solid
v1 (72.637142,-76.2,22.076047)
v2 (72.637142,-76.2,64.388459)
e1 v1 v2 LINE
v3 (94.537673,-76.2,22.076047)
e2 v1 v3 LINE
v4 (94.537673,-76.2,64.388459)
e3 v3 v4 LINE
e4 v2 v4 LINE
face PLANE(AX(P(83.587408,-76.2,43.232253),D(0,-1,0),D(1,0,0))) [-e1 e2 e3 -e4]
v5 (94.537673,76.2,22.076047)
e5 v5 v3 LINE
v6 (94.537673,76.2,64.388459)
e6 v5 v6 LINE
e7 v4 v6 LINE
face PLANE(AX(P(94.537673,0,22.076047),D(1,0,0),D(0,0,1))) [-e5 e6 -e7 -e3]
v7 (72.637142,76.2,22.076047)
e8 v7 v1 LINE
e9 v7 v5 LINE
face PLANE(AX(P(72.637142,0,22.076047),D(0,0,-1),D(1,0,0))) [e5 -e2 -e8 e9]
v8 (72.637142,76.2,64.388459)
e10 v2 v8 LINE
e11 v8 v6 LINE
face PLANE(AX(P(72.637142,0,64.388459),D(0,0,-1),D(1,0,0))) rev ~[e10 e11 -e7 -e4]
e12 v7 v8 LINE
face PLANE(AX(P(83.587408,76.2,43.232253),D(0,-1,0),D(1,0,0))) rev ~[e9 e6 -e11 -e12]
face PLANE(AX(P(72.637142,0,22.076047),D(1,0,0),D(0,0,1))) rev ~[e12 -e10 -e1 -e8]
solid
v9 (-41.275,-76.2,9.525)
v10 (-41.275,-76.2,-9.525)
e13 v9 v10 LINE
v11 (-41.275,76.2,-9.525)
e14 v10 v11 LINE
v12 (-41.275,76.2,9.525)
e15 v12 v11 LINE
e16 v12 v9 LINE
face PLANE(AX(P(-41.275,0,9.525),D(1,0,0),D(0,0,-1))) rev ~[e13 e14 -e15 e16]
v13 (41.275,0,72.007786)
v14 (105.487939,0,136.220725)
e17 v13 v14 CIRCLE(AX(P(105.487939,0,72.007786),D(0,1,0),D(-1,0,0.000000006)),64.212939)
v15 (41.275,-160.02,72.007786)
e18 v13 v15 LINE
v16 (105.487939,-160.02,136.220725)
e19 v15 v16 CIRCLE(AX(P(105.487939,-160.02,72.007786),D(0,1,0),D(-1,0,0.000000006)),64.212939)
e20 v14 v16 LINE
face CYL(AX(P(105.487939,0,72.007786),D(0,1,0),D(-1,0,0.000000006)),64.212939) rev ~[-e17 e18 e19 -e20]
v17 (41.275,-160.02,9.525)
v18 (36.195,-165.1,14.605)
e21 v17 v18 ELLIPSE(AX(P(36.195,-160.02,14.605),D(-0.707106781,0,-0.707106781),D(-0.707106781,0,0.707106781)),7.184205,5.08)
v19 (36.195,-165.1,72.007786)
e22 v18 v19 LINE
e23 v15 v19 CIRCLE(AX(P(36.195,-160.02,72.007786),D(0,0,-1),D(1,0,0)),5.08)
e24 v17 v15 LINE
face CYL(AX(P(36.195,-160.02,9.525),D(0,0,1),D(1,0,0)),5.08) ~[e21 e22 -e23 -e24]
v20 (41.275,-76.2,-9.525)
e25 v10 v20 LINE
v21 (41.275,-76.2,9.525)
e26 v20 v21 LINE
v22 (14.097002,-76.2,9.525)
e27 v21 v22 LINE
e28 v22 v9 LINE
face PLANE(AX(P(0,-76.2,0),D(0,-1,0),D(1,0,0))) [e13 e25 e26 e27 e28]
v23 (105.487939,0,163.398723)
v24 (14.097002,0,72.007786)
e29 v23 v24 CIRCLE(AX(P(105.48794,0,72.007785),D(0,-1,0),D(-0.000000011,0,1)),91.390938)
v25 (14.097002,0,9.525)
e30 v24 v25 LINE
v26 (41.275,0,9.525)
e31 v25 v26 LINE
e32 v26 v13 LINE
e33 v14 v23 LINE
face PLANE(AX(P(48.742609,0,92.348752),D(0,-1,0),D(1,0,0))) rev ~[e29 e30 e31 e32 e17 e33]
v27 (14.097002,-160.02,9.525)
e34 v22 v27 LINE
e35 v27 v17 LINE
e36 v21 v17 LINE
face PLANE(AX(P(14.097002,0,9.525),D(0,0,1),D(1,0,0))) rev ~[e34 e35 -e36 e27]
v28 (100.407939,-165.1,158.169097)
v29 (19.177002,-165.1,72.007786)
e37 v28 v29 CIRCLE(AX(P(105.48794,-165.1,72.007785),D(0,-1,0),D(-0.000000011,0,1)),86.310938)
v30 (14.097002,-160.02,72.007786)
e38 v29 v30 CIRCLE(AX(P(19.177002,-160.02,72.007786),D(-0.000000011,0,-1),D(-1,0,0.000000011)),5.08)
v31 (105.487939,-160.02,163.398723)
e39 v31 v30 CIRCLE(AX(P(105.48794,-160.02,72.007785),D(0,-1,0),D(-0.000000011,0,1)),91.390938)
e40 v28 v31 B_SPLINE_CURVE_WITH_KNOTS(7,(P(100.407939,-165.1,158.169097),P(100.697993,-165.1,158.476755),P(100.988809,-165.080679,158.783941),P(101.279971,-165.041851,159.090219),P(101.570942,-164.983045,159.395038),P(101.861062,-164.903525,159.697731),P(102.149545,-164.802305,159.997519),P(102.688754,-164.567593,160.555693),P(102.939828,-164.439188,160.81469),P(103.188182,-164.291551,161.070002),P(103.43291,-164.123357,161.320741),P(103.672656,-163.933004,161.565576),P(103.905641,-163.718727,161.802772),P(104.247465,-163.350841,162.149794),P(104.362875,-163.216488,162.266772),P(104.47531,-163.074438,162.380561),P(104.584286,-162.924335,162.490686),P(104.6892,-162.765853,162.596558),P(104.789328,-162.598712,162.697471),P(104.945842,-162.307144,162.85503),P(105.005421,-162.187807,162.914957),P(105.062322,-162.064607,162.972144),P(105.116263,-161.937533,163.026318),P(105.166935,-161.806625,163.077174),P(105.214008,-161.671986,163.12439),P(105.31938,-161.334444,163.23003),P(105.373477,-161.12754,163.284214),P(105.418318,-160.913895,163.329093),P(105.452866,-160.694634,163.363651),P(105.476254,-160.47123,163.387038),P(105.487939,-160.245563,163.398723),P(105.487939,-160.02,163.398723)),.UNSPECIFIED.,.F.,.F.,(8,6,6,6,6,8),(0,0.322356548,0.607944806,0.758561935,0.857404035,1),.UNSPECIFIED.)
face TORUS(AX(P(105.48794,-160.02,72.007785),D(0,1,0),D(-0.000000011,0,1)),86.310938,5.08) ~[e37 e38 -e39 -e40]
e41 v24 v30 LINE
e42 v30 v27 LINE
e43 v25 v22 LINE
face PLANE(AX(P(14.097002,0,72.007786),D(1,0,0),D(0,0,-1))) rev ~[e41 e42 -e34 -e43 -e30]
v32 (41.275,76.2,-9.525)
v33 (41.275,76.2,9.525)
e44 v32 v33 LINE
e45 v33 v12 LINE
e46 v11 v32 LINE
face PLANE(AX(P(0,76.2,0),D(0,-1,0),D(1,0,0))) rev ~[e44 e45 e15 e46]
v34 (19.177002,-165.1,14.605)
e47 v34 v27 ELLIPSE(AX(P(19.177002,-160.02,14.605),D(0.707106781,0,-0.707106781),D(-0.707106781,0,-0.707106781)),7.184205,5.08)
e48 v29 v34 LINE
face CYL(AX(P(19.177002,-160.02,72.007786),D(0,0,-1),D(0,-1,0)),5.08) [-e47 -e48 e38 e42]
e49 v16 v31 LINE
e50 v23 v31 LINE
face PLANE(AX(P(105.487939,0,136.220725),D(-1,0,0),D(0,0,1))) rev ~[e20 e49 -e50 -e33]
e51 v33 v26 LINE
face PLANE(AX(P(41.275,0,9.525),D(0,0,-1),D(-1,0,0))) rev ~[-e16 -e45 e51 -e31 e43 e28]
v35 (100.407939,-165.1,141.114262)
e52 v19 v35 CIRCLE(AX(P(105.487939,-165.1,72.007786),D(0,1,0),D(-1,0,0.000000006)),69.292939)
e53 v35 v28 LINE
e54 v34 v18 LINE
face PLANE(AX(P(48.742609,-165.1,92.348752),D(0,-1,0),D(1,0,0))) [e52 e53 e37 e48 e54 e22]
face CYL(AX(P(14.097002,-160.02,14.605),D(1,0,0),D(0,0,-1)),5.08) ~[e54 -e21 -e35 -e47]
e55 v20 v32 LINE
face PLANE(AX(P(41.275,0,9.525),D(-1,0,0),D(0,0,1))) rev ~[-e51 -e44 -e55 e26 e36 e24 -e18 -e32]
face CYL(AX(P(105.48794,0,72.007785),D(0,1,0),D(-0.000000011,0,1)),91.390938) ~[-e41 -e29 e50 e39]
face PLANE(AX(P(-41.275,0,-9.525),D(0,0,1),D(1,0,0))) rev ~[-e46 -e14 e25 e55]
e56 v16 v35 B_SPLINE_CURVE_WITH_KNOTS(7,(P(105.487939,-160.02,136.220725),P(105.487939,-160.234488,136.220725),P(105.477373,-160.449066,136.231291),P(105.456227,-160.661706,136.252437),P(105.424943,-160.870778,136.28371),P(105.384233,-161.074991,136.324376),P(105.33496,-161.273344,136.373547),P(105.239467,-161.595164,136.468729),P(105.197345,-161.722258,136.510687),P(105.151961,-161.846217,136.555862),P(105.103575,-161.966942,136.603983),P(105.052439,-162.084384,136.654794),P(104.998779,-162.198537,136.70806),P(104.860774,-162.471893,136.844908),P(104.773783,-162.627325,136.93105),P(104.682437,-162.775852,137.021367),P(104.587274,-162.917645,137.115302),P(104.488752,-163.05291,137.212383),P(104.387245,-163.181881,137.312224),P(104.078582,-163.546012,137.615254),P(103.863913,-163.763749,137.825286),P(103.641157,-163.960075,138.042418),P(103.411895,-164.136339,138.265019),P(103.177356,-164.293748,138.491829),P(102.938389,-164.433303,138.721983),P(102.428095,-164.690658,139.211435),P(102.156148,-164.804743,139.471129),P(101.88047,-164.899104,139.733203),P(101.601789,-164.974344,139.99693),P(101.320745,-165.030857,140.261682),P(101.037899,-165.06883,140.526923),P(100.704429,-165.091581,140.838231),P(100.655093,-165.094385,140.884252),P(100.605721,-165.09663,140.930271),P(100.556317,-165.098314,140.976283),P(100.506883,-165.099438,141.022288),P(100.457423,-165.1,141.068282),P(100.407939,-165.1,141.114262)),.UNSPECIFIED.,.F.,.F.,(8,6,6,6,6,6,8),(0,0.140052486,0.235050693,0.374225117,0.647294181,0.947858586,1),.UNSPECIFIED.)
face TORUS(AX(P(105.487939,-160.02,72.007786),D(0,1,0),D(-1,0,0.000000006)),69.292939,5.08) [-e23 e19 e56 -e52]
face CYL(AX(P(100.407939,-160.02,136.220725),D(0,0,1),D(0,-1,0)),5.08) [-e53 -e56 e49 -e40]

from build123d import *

# Parameters (mm, degrees)
F0_W     = 21.900531
F0_H     = 42.312413
F1_DEPTH = 76.2
F2_DEPTH = 165.1
F3_R     = 5.08


with BuildPart() as f1:
    # F0 (on Front) → F1 (new body, symmetric)
    with BuildSketch(Plane.XZ):
        Polygon((41.275, -9.525), (41.275, 9.525), (14.097002, 9.525), (-41.275, 9.525), (-41.275, -9.525), align=None)
        with Locations((83.587408, 43.232253)):
            Rectangle(F0_W, F0_H)
    extrude(amount=F1_DEPTH, both=True)

    # F0 (on Front) → F2 (join)
    with BuildSketch(Plane.XZ):
        with BuildLine():
            Line((14.097002, 9.525), (41.275, 9.525))
            Line((41.275, 9.525), (41.275, 72.007786))
            ThreePointArc((41.275, 72.007786), (60.082535, 117.413191), (105.487939, 136.220725))
            Line((105.487939, 136.220725), (105.487939, 163.398723))
            ThreePointArc((105.487939, 163.398723), (40.864788, 136.630937), (14.097002, 72.007786))
            Line((14.097002, 72.007786), (14.097002, 9.525))
        make_face()
    extrude(amount=F2_DEPTH)

    # F3
    f3_edges = [f1.edges().sort_by_distance(p)[0] for p in [
        (41.275, -165.1, 40.766393),
        (14.097002, -165.1, 40.766393),
        (27.686001, -165.1, 9.525),
        (60.082535, -165.1, 117.413191),
        (105.487939, -165.1, 149.809724),
        (40.864788, -165.1, 136.630937),
    ]]
    fillet(f3_edges, radius=F3_R)


solid = f1.part
